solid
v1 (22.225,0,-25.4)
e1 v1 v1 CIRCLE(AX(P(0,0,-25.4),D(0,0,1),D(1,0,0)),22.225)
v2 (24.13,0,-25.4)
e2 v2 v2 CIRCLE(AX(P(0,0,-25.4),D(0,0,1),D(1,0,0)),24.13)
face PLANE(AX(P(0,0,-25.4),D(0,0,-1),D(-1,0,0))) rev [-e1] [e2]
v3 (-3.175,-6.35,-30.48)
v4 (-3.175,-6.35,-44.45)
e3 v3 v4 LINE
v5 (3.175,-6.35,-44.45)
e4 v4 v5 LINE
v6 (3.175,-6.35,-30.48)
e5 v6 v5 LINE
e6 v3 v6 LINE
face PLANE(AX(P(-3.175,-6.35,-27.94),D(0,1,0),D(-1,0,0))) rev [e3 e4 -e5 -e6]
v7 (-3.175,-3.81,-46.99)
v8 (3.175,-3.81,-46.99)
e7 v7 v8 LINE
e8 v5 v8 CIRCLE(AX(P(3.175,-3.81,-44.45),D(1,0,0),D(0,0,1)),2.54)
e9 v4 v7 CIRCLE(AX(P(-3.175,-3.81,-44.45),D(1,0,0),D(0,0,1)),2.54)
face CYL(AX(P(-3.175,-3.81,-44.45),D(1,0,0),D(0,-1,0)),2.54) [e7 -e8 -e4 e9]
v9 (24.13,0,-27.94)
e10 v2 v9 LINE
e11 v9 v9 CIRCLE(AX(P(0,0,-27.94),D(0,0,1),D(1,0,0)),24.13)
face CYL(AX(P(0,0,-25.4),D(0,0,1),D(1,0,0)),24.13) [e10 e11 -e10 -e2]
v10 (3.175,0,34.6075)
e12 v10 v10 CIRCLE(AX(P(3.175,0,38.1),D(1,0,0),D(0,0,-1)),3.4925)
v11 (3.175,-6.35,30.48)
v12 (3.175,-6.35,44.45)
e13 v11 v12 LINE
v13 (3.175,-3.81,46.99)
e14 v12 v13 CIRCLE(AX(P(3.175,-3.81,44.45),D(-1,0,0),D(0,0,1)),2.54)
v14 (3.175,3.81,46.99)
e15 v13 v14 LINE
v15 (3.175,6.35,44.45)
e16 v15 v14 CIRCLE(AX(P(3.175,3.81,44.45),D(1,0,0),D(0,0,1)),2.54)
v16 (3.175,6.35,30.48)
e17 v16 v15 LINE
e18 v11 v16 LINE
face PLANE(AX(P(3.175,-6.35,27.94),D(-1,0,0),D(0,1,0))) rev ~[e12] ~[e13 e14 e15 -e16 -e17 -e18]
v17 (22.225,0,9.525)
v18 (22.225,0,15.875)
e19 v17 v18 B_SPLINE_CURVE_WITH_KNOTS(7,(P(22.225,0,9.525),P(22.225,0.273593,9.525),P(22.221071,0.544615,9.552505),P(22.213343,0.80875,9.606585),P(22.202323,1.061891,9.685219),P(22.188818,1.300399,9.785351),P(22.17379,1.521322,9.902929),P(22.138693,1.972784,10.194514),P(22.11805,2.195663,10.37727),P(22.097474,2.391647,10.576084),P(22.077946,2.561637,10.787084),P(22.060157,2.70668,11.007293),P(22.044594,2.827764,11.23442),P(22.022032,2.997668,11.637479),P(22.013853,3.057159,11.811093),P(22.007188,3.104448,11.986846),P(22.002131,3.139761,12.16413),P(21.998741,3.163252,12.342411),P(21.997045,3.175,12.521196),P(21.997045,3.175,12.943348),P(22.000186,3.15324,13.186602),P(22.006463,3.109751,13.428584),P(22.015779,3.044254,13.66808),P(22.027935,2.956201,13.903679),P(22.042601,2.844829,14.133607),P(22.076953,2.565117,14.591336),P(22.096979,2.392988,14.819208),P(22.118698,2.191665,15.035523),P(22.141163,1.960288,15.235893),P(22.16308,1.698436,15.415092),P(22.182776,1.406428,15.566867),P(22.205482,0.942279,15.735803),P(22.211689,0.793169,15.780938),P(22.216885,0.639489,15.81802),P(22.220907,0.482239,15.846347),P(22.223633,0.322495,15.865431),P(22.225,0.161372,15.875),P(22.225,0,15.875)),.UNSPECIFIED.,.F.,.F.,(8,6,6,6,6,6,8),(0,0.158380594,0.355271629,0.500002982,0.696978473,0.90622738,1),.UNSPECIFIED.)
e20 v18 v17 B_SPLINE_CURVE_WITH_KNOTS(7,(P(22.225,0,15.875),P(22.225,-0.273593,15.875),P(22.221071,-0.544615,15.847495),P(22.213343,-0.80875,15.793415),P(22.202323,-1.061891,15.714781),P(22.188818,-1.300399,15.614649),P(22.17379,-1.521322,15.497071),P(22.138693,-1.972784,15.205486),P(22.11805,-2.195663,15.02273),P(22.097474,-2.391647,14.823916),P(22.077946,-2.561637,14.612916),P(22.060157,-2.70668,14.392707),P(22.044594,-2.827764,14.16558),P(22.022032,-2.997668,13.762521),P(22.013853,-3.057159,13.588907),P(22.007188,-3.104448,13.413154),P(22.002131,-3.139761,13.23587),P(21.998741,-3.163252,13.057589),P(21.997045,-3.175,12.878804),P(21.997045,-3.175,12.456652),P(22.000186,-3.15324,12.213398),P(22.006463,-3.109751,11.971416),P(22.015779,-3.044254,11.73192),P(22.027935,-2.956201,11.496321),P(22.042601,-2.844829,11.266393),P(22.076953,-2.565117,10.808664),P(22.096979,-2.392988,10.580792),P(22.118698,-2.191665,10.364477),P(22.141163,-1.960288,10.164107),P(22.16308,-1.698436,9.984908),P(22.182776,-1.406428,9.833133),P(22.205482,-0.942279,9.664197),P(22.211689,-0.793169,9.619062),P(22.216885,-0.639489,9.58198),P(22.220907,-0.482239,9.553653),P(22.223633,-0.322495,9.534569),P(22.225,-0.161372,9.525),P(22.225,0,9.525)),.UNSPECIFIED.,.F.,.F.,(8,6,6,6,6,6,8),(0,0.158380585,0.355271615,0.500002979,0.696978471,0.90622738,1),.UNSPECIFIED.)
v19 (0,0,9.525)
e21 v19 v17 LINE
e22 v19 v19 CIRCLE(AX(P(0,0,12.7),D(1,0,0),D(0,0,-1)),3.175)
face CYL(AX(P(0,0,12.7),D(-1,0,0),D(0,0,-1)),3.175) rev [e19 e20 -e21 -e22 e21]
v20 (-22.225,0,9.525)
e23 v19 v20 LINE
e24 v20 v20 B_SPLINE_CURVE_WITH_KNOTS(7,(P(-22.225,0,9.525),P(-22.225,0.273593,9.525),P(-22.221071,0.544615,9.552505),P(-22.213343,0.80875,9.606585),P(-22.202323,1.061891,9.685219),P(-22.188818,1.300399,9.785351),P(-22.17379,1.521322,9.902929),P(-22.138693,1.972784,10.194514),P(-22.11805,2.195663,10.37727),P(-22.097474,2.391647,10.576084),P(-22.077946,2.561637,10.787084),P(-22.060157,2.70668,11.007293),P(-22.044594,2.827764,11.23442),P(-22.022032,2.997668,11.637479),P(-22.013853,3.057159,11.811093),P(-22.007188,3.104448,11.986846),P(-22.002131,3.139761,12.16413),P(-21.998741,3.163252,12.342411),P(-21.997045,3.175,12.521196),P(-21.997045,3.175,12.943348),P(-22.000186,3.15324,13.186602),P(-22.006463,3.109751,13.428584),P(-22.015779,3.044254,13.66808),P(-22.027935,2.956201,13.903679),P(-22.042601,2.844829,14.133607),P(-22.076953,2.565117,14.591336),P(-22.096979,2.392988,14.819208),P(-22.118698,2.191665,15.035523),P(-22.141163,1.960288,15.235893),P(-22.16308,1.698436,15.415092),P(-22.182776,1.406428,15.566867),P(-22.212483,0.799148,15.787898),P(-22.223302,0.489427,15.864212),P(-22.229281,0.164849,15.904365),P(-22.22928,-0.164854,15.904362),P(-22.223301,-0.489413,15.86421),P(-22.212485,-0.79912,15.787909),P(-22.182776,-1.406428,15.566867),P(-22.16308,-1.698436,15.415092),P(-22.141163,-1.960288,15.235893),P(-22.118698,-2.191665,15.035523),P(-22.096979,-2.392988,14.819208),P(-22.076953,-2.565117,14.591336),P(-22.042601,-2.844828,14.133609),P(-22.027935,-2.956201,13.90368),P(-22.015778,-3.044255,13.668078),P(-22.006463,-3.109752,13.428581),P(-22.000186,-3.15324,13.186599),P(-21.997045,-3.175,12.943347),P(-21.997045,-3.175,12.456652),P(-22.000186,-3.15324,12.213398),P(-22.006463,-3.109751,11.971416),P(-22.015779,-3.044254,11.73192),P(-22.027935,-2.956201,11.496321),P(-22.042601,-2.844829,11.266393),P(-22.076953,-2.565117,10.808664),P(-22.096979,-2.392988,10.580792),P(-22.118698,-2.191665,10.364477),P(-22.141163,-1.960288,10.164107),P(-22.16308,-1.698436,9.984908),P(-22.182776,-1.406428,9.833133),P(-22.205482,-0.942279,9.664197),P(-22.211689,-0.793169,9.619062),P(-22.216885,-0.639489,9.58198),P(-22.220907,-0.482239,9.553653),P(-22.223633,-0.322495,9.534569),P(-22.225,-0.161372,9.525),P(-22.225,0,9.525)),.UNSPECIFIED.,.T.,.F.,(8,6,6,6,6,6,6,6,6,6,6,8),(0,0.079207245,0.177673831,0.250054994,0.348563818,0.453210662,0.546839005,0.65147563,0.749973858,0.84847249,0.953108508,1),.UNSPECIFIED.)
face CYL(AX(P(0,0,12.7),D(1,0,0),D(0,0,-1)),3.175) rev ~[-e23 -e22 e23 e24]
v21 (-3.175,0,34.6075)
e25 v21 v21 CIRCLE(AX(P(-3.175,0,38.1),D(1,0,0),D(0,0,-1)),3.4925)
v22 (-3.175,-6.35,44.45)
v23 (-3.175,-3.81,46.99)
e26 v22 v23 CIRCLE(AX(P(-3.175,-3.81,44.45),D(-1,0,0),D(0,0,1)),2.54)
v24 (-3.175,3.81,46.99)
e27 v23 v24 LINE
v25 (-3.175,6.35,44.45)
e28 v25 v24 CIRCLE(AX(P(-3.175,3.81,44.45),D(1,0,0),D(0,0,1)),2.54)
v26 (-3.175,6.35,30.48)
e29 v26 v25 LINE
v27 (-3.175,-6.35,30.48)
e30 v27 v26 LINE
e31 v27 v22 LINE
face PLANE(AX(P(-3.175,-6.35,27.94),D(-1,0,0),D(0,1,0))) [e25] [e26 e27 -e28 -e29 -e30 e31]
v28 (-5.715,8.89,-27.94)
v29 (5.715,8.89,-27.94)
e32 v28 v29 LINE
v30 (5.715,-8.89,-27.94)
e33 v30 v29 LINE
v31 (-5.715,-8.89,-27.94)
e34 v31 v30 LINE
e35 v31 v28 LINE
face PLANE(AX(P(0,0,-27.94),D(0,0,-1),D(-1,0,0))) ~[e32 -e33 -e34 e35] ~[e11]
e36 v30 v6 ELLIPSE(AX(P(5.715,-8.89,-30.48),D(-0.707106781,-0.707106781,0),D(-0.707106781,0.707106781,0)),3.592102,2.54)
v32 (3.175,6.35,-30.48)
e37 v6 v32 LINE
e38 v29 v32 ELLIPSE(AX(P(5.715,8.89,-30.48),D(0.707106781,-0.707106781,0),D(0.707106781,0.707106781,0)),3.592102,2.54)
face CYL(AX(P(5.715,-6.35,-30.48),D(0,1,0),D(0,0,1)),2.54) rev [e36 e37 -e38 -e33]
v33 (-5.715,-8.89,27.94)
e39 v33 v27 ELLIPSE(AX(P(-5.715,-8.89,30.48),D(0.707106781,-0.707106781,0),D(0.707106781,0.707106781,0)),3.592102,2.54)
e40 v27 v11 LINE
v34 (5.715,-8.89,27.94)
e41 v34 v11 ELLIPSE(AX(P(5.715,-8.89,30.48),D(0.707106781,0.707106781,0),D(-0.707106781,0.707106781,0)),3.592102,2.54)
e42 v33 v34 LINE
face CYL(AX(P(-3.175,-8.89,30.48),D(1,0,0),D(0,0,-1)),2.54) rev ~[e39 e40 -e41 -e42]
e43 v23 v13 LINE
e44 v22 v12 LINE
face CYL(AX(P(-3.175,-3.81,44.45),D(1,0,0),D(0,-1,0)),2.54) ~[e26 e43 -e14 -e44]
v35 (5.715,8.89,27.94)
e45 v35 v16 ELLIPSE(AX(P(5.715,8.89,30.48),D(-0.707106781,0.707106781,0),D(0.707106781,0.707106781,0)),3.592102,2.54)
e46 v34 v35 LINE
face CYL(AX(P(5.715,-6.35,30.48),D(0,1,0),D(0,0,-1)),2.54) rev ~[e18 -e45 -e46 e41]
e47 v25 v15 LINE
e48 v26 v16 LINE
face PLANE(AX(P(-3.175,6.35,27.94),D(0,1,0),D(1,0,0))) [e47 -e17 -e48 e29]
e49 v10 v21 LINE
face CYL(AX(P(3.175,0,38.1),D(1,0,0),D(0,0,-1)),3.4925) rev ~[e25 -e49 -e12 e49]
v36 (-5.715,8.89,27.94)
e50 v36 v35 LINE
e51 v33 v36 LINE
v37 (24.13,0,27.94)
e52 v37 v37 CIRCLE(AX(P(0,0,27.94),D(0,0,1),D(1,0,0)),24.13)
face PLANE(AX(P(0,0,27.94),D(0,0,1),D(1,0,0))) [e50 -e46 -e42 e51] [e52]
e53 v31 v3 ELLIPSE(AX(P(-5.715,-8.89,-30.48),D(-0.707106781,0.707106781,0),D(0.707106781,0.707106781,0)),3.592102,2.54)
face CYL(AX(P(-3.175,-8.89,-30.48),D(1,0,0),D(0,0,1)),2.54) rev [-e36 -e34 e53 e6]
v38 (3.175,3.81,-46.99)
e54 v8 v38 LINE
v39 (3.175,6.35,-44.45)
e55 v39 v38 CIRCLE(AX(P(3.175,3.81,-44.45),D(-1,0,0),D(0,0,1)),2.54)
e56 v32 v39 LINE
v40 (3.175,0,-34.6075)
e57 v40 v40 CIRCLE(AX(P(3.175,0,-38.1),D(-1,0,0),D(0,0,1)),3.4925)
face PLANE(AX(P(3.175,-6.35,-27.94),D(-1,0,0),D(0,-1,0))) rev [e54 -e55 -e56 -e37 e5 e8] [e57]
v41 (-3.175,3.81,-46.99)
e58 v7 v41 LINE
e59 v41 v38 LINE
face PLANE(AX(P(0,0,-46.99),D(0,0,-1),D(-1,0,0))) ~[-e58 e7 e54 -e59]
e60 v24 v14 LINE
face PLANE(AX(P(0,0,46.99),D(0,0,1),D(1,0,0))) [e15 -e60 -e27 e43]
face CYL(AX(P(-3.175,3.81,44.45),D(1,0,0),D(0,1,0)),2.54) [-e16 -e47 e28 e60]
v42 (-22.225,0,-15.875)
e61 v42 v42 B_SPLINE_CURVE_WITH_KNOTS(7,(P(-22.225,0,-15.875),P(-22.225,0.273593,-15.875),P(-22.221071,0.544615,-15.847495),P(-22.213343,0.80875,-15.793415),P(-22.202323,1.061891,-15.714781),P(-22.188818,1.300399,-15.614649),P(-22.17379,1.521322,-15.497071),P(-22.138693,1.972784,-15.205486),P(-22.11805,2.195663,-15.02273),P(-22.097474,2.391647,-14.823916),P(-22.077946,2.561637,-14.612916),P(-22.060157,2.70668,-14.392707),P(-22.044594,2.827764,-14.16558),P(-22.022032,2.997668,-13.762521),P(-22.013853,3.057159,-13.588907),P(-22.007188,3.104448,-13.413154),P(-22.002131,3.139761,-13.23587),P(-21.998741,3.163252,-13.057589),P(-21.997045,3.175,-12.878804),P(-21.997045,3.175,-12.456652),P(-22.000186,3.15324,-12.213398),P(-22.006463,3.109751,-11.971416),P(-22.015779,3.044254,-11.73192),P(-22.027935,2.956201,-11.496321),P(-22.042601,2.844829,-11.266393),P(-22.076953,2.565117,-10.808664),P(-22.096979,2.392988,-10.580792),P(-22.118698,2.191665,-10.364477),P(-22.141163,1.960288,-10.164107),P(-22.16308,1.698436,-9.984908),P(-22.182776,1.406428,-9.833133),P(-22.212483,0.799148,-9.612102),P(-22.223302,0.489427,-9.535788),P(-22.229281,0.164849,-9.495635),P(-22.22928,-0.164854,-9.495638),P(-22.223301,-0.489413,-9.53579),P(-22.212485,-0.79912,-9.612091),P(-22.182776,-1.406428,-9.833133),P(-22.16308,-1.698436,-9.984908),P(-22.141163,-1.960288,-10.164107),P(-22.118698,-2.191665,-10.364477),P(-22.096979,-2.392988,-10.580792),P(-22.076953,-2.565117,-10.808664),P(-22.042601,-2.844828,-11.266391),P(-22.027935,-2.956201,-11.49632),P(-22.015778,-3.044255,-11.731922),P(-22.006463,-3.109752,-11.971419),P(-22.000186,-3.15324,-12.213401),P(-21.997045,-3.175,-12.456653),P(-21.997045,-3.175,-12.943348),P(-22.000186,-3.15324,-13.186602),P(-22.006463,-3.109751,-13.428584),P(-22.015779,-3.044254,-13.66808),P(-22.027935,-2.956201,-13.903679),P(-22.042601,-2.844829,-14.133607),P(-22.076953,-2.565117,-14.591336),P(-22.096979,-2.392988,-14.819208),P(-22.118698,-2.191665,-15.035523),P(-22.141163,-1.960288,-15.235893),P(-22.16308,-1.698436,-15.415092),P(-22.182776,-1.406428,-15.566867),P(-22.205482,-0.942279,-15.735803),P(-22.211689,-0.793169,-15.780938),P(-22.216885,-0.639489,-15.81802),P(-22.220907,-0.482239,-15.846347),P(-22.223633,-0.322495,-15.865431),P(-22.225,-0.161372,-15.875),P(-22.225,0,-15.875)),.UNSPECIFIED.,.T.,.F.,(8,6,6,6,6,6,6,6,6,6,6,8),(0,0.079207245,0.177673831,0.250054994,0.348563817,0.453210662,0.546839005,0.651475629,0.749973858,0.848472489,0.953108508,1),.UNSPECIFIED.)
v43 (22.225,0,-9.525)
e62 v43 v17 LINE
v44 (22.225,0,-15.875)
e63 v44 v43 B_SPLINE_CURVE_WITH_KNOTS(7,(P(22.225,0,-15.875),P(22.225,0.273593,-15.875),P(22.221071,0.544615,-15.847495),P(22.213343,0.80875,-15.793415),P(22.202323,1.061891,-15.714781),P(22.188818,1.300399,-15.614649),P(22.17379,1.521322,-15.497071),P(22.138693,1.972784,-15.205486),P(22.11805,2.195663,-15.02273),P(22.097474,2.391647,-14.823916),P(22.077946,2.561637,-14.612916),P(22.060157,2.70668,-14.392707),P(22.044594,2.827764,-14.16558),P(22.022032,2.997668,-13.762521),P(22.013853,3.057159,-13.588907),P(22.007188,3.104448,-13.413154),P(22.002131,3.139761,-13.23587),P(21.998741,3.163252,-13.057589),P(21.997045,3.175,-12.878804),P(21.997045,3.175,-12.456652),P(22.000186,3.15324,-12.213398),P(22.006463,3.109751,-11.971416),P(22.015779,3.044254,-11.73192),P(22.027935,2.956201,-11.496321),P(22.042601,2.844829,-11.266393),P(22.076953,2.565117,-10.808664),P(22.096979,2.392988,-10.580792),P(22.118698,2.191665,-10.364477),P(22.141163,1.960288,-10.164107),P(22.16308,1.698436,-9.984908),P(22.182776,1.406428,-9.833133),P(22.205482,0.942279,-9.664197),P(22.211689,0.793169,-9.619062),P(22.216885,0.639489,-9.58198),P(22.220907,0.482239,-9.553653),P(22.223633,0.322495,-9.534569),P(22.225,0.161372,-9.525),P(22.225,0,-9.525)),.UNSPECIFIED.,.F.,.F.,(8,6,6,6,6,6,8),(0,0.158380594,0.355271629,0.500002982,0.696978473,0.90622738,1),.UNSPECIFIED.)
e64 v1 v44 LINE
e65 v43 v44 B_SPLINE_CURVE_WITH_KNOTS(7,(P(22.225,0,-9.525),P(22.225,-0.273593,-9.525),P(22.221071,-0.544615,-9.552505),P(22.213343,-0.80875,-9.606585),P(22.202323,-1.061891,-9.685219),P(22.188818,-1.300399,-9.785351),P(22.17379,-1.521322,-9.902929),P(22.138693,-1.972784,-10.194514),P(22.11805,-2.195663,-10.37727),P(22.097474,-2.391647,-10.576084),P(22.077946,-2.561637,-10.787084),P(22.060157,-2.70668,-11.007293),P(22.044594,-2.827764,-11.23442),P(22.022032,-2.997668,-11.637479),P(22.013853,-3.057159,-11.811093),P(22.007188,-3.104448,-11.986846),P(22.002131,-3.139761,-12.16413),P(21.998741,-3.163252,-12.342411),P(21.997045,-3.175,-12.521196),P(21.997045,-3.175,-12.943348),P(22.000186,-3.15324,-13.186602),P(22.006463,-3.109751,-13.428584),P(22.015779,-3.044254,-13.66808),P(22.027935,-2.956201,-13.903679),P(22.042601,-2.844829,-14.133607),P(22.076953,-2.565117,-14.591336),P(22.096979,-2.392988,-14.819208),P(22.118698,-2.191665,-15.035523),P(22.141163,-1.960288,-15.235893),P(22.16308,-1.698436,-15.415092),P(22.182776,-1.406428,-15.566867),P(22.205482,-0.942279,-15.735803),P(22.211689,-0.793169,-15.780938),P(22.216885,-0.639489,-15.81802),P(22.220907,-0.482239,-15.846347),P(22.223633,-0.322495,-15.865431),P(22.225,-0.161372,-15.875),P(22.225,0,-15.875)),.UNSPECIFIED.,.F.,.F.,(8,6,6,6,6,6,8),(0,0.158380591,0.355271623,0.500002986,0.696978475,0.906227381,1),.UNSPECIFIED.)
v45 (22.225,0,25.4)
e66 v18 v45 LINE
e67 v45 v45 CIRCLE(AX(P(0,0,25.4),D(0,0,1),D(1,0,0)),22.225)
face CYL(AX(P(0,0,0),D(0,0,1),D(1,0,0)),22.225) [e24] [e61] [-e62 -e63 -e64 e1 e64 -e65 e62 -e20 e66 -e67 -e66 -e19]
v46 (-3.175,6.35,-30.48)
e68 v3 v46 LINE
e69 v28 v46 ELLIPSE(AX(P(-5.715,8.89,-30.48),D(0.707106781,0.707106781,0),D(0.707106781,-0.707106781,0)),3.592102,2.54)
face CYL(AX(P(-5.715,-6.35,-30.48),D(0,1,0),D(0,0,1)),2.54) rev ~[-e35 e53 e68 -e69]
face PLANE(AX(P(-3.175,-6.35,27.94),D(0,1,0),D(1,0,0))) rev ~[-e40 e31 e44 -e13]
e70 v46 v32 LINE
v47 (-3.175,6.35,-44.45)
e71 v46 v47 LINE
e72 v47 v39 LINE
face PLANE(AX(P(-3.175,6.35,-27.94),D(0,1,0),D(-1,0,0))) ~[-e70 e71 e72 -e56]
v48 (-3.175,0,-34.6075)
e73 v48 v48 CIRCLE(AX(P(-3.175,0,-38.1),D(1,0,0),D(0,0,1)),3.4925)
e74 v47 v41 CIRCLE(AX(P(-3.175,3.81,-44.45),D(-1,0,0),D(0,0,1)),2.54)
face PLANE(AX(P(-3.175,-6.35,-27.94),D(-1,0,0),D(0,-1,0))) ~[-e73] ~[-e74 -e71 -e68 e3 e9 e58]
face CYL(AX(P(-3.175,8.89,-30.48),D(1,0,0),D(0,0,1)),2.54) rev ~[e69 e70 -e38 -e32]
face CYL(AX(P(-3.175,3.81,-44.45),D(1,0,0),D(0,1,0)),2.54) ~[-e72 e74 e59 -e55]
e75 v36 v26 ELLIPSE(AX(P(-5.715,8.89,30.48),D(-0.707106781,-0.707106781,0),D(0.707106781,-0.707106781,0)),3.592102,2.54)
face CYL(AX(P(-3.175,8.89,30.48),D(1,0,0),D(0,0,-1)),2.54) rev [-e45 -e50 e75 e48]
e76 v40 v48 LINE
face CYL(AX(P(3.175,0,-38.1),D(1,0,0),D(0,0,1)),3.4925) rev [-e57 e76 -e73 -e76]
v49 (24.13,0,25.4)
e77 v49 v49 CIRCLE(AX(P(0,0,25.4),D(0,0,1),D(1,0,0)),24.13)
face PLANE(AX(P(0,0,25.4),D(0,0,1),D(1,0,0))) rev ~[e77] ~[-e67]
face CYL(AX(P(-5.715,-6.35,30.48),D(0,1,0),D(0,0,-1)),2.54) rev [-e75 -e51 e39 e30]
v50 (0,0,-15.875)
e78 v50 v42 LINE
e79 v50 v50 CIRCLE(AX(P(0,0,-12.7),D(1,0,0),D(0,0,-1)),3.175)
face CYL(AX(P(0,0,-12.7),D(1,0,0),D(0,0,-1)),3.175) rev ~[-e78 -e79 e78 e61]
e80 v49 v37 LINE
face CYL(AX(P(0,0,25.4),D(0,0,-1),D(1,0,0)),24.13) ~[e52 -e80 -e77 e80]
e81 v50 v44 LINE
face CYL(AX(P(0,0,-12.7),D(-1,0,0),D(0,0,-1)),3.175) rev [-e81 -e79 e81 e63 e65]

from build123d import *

# Parameters (mm, degrees)
SKETCH1_R               = 22.225
BOSS_EXTRUDE1_DEPTH     = 25.4
SKETCH2_R               = 24.13
BOSS_EXTRUDE2_DEPTH     = 2.54
SKETCH3_W               = 6.35
SKETCH3_H               = 12.7
BOSS_EXTRUDE3_DEPTH     = 19.05
SKETCH4_R               = 3.4925
CUT_EXTRUDE1_DEPTH      = 28.305
FILLET1_R               = 2.54
FILLET1_OF_MIRROR1_R    = 2.54
SKETCH5_R               = 3.175
CUT_EXTRUDE2_DEPTH      = 25.13
CUT_EXTRUDE2_DEPTH_BACK = 25.13


with BuildPart() as part:
    # Sketch1 → Boss-Extrude1 (new body, symmetric)
    with BuildSketch(Plane.XY):
        Circle(SKETCH1_R)
    extrude(amount=BOSS_EXTRUDE1_DEPTH, both=True)

    # Sketch2 → Boss-Extrude2 (add)
    with BuildSketch(Plane.XY.offset(25.4)):
        Circle(SKETCH2_R)
    boss_extrude2 = extrude(amount=BOSS_EXTRUDE2_DEPTH)

    # Sketch3 → Boss-Extrude3 (add)
    with BuildSketch(Plane.XY.offset(27.94)):
        Rectangle(SKETCH3_W, SKETCH3_H)
    boss_extrude3 = extrude(amount=BOSS_EXTRUDE3_DEPTH)

    # Sketch4 → Cut-Extrude1 (cut, through all)
    with BuildSketch(Plane(origin=(3.175, 0, 0), x_dir=(0, 0, -1), z_dir=(1, 0, 0))):
        with Locations((-38.1, 0)):
            Circle(SKETCH4_R)
    cut_extrude1 = extrude(amount=-CUT_EXTRUDE1_DEPTH, mode=Mode.SUBTRACT)

    # Fillet1
    fillet1_edges = [part.edges().sort_by_distance(p)[0] for p in [
        (3.175, 0, 27.94),
        (0, 6.35, 27.94),
        (-3.175, 0, 27.94),
        (0, -6.35, 27.94),
        (0, 6.35, 46.99),
        (0, -6.35, 46.99),
    ]]
    fillet(fillet1_edges, radius=FILLET1_R)

    # Mirror1: Boss-Extrude2, Boss-Extrude3, Cut-Extrude1 across plane
    add(boss_extrude2.mirror(Plane.XY))
    add(boss_extrude3.mirror(Plane.XY))
    add(cut_extrude1.mirror(Plane.XY), mode=Mode.SUBTRACT)

    # Fillet1 of Mirror1
    fillet1_of_mirror1_edges = [part.edges().sort_by_distance(p)[0] for p in [
        (3.175, 0, -27.94),
        (0, 6.35, -27.94),
        (-3.175, 0, -27.94),
        (0, -6.35, -27.94),
        (0, 6.35, -46.99),
        (0, -6.35, -46.99),
    ]]
    fillet(fillet1_of_mirror1_edges, radius=FILLET1_OF_MIRROR1_R)

    # Sketch5 → Cut-Extrude2 (cut, two sides)
    with BuildSketch(Plane(origin=(0, 0, 0), x_dir=(0, 0, -1), z_dir=(1, 0, 0))) as cut_extrude2_sk:
        with Locations((-12.7, 0)):
            Circle(SKETCH5_R)
        with Locations((12.7, 0)):
            Circle(SKETCH5_R)
    extrude(amount=CUT_EXTRUDE2_DEPTH, mode=Mode.SUBTRACT)
    extrude(cut_extrude2_sk.sketch, amount=-CUT_EXTRUDE2_DEPTH_BACK, mode=Mode.SUBTRACT)


solid = part.part
